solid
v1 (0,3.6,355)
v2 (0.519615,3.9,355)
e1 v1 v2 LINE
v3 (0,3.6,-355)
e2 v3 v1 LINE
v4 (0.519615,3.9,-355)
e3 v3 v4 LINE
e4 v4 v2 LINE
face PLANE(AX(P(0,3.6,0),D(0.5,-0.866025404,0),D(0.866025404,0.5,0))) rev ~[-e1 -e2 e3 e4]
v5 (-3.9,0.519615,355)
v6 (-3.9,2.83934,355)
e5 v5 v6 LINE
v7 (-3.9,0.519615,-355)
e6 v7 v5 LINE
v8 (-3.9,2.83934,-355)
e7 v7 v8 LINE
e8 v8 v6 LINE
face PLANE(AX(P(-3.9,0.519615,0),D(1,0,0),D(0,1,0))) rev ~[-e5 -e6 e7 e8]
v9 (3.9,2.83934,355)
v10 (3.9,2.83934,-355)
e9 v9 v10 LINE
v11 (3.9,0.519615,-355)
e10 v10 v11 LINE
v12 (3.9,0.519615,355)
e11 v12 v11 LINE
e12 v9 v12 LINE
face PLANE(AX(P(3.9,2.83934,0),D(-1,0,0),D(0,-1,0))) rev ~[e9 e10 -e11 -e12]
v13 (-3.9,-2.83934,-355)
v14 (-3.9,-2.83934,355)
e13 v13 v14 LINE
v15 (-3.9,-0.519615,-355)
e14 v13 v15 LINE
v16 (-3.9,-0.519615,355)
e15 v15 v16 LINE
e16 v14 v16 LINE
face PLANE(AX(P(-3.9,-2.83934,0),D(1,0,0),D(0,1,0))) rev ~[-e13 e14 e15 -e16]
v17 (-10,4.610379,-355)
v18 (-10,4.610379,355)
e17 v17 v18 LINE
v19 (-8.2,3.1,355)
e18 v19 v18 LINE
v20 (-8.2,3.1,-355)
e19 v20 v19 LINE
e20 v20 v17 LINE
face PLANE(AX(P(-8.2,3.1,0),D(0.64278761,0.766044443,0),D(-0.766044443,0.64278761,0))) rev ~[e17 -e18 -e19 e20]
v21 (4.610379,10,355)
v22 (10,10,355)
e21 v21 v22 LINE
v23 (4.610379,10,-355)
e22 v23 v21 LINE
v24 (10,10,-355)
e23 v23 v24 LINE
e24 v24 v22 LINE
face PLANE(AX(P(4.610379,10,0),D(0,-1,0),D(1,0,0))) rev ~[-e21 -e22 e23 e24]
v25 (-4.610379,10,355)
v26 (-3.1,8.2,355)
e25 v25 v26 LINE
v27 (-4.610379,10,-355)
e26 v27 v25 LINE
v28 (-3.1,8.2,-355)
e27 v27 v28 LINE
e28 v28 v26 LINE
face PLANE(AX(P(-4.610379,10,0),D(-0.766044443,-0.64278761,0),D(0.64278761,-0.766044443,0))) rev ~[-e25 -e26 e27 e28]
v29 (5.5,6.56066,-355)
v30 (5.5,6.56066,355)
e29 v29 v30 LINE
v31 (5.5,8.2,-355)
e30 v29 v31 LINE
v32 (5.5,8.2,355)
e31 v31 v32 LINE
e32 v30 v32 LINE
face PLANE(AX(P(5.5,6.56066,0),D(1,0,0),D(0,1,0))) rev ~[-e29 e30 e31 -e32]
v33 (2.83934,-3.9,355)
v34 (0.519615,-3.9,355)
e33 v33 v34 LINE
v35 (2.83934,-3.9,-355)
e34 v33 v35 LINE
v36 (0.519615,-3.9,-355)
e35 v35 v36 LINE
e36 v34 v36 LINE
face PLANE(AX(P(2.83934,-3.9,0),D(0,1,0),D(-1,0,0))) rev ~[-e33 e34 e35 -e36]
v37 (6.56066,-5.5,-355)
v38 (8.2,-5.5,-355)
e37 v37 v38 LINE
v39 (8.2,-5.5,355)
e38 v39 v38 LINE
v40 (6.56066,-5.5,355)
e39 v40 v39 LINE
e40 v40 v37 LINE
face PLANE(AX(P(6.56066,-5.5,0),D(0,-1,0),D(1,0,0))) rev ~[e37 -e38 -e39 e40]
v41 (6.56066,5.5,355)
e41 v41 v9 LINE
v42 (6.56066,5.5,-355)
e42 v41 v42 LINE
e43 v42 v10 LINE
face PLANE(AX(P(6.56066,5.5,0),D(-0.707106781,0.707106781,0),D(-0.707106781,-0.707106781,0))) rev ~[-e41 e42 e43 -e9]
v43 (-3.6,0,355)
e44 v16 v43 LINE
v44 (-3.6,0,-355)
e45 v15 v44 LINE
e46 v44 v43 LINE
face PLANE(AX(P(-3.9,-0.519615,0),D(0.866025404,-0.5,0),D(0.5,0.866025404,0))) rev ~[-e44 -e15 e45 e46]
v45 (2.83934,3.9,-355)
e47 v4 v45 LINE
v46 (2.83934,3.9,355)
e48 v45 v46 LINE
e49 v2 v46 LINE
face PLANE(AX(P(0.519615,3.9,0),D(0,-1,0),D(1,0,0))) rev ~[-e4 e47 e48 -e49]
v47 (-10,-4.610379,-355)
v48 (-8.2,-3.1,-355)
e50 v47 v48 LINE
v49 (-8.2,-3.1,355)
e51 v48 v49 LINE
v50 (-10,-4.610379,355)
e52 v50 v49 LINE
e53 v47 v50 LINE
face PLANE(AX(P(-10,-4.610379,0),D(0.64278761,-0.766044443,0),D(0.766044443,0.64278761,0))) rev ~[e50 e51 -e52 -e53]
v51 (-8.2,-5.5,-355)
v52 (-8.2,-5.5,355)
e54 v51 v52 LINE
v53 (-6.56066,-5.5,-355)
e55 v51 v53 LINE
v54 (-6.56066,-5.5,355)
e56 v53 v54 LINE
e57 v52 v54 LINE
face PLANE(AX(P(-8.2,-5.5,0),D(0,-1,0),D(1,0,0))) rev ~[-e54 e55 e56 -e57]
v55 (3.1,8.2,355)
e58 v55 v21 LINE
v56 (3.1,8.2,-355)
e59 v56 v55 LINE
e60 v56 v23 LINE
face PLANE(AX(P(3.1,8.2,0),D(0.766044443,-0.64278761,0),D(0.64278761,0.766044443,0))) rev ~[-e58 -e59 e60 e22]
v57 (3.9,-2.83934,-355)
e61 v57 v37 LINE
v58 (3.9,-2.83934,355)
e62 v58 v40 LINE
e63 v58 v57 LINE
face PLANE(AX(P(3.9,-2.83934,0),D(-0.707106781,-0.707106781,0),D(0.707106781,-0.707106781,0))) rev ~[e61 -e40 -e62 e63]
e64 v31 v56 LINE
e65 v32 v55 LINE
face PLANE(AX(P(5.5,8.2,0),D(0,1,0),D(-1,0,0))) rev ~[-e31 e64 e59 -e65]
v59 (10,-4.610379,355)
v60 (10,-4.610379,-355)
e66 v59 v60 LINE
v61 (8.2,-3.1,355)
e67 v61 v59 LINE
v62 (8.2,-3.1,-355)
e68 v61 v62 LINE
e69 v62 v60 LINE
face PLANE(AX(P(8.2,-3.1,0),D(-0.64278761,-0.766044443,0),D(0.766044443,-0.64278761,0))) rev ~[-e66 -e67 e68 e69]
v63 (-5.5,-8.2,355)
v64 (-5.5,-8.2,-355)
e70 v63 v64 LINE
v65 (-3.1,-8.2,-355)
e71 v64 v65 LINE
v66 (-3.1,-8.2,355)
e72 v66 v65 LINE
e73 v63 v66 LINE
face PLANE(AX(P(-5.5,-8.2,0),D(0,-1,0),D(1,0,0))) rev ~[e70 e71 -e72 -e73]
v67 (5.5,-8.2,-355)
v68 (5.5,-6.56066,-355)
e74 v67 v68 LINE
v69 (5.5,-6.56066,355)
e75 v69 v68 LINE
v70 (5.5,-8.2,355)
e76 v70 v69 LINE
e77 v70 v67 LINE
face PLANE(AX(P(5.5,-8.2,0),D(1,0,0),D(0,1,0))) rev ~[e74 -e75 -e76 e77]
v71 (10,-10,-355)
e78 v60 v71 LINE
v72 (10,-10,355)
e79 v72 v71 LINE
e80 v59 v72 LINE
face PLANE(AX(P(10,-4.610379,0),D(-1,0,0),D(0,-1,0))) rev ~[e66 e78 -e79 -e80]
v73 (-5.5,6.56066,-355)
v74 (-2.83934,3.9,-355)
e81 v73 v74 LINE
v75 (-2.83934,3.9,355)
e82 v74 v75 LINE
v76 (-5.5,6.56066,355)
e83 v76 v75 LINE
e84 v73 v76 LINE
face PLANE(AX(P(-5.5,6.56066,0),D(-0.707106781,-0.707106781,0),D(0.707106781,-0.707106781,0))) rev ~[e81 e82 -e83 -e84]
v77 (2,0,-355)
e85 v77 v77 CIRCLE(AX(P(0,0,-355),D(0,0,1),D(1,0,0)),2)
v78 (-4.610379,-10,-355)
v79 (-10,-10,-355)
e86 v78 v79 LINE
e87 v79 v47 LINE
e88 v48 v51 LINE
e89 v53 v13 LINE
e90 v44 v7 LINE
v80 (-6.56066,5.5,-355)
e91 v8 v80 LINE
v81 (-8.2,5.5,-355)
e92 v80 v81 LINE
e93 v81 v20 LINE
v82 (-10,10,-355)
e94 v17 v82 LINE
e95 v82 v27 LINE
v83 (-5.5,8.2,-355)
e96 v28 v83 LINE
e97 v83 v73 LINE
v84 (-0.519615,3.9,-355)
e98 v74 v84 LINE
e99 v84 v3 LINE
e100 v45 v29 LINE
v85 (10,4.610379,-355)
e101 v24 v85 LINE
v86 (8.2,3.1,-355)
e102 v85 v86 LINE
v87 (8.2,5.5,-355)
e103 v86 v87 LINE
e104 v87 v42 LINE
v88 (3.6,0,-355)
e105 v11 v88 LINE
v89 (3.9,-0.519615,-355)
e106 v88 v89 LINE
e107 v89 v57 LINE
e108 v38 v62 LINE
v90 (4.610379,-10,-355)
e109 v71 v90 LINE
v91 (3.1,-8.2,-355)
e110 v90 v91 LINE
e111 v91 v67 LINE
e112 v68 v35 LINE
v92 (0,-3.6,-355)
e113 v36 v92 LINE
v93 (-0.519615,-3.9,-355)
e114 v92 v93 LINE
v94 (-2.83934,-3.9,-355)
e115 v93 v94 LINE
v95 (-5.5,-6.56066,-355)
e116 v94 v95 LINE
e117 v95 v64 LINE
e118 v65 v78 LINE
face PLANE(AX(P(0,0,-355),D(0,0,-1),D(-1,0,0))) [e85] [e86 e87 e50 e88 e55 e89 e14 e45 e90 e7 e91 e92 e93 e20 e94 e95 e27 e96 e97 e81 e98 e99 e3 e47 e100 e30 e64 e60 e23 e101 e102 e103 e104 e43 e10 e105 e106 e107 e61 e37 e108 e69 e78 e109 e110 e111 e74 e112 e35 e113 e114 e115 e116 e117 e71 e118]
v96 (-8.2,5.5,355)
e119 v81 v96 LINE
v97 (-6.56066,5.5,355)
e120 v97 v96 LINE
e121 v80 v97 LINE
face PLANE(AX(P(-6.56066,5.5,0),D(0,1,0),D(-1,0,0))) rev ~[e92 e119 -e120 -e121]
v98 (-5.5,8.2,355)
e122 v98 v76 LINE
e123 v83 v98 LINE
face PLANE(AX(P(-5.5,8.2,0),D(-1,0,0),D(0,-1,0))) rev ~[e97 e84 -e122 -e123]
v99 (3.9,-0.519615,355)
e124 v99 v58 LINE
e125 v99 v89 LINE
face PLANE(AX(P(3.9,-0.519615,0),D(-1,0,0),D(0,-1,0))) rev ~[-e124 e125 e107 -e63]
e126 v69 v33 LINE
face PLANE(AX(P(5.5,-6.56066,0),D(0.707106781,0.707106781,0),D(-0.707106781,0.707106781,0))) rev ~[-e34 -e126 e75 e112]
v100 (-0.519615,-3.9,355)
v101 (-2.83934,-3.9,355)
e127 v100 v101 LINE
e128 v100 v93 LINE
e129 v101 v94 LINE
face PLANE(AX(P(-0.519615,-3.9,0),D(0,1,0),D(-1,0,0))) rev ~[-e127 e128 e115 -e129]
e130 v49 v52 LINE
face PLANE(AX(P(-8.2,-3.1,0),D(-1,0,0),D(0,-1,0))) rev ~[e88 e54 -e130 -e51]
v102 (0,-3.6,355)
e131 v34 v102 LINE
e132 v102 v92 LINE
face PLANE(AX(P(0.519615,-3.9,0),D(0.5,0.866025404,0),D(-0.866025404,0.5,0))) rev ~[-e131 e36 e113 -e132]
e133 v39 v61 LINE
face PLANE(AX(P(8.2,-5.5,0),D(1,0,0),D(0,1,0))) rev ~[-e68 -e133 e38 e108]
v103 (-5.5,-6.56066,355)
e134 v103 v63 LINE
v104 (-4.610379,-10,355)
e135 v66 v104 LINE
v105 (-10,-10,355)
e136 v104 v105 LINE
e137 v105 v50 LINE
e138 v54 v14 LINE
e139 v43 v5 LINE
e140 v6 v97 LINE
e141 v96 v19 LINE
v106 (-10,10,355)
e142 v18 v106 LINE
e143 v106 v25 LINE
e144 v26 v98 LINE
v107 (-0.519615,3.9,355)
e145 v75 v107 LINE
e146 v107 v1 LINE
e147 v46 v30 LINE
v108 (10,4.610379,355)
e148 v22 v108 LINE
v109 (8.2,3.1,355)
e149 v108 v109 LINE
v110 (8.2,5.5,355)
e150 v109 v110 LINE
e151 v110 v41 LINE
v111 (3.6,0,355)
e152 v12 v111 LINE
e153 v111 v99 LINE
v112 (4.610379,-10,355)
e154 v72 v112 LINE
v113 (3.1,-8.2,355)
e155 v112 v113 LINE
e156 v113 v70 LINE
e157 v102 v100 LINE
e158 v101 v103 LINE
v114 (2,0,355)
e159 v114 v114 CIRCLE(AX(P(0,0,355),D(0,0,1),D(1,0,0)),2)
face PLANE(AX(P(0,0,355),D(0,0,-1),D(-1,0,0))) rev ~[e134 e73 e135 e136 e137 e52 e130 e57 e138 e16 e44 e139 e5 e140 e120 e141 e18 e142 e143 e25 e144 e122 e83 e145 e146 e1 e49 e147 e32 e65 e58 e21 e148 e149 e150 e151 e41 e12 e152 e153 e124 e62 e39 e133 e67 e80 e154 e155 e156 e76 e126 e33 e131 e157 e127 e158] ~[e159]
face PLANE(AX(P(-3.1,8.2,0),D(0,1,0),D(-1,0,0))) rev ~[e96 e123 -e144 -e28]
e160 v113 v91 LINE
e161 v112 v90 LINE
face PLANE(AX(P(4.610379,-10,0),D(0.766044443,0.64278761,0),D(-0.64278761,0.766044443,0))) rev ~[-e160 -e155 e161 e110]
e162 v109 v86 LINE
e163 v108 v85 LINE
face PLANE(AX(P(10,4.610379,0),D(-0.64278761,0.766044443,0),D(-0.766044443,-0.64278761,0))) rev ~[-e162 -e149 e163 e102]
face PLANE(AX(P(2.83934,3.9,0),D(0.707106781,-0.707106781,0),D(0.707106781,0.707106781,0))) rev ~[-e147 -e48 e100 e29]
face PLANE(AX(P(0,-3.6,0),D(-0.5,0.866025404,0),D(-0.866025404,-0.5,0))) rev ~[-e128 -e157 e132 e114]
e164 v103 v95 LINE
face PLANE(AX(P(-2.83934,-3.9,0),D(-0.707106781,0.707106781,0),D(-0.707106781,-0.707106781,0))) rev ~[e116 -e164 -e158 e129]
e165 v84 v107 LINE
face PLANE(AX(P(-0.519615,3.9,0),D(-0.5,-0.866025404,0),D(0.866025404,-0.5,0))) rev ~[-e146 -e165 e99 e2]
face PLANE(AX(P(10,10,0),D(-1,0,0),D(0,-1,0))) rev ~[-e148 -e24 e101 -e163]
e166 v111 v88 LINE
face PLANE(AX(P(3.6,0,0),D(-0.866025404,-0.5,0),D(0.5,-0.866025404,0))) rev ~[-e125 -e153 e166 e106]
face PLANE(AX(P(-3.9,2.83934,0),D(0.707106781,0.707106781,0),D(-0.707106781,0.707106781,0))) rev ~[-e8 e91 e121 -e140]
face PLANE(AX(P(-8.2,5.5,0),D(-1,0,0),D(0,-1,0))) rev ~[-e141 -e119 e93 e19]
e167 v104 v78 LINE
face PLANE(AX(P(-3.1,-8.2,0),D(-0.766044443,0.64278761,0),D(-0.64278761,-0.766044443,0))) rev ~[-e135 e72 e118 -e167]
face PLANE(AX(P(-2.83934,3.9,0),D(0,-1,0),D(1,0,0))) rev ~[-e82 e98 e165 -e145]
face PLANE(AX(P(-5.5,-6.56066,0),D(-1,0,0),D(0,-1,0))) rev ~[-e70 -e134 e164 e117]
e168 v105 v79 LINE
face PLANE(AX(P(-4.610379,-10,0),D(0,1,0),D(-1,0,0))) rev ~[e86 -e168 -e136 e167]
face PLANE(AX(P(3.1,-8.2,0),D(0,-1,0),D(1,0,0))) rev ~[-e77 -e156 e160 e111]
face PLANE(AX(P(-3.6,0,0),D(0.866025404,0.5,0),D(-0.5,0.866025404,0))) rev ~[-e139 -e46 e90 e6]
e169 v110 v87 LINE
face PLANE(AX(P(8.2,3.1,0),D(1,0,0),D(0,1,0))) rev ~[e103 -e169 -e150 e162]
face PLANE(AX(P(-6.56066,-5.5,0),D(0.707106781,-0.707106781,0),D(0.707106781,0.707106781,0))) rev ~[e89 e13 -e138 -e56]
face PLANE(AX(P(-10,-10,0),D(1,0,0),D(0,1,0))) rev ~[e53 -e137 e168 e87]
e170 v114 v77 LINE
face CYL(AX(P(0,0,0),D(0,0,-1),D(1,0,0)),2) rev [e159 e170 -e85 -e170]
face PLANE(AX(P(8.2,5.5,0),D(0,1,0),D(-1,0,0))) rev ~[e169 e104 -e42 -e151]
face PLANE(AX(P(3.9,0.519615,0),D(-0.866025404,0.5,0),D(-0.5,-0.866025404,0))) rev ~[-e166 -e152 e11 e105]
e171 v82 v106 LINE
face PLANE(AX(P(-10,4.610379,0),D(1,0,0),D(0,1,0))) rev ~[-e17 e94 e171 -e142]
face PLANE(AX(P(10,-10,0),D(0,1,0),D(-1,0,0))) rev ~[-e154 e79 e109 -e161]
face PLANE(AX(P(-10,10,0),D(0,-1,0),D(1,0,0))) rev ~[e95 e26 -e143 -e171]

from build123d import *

# Parameters (mm, degrees)
SKETCH1_R           = 2
BOSS_EXTRUDE1_DEPTH = 355


with BuildPart() as part:
    # Sketch1 → Boss-Extrude1 (new body, symmetric)
    with BuildSketch(Plane.XY):
        Polygon((10, 10), (10, 4.610379336), (8.2, 3.1), (8.2, 5.5), (6.560660172, 5.5), (3.9, 2.839339828), (3.9, 0.519615242), (3.6, 0), (3.9, -0.519615242), (3.9, -2.839339828), (6.560660172, -5.5), (8.2, -5.5), (8.2, -3.1), (10, -4.610379336), (10, -10), (4.610379336, -10), (3.1, -8.2), (5.5, -8.2), (5.5, -6.560660172), (2.839339828, -3.9), (0.519615242, -3.9), (0, -3.6), (-0.519615242, -3.9), (-2.839339828, -3.9), (-5.5, -6.560660172), (-5.5, -8.2), (-3.1, -8.2), (-4.610379336, -10), (-10, -10), (-10, -4.610379336), (-8.2, -3.1), (-8.2, -5.5), (-6.560660172, -5.5), (-3.9, -2.839339828), (-3.9, -0.519615242), (-3.6, 0), (-3.9, 0.519615242), (-3.9, 2.839339828), (-6.560660172, 5.5), (-8.2, 5.5), (-8.2, 3.1), (-10, 4.610379336), (-10, 10), (-4.610379336, 10), (-3.1, 8.2), (-5.5, 8.2), (-5.5, 6.560660172), (-2.839339828, 3.9), (-0.519615242, 3.9), (0, 3.6), (0.519615242, 3.9), (2.839339828, 3.9), (5.5, 6.560660172), (5.5, 8.2), (3.1, 8.2), (4.610379336, 10), align=None)
        Circle(SKETCH1_R, mode=Mode.SUBTRACT)
    extrude(amount=BOSS_EXTRUDE1_DEPTH, both=True)


solid = part.part
